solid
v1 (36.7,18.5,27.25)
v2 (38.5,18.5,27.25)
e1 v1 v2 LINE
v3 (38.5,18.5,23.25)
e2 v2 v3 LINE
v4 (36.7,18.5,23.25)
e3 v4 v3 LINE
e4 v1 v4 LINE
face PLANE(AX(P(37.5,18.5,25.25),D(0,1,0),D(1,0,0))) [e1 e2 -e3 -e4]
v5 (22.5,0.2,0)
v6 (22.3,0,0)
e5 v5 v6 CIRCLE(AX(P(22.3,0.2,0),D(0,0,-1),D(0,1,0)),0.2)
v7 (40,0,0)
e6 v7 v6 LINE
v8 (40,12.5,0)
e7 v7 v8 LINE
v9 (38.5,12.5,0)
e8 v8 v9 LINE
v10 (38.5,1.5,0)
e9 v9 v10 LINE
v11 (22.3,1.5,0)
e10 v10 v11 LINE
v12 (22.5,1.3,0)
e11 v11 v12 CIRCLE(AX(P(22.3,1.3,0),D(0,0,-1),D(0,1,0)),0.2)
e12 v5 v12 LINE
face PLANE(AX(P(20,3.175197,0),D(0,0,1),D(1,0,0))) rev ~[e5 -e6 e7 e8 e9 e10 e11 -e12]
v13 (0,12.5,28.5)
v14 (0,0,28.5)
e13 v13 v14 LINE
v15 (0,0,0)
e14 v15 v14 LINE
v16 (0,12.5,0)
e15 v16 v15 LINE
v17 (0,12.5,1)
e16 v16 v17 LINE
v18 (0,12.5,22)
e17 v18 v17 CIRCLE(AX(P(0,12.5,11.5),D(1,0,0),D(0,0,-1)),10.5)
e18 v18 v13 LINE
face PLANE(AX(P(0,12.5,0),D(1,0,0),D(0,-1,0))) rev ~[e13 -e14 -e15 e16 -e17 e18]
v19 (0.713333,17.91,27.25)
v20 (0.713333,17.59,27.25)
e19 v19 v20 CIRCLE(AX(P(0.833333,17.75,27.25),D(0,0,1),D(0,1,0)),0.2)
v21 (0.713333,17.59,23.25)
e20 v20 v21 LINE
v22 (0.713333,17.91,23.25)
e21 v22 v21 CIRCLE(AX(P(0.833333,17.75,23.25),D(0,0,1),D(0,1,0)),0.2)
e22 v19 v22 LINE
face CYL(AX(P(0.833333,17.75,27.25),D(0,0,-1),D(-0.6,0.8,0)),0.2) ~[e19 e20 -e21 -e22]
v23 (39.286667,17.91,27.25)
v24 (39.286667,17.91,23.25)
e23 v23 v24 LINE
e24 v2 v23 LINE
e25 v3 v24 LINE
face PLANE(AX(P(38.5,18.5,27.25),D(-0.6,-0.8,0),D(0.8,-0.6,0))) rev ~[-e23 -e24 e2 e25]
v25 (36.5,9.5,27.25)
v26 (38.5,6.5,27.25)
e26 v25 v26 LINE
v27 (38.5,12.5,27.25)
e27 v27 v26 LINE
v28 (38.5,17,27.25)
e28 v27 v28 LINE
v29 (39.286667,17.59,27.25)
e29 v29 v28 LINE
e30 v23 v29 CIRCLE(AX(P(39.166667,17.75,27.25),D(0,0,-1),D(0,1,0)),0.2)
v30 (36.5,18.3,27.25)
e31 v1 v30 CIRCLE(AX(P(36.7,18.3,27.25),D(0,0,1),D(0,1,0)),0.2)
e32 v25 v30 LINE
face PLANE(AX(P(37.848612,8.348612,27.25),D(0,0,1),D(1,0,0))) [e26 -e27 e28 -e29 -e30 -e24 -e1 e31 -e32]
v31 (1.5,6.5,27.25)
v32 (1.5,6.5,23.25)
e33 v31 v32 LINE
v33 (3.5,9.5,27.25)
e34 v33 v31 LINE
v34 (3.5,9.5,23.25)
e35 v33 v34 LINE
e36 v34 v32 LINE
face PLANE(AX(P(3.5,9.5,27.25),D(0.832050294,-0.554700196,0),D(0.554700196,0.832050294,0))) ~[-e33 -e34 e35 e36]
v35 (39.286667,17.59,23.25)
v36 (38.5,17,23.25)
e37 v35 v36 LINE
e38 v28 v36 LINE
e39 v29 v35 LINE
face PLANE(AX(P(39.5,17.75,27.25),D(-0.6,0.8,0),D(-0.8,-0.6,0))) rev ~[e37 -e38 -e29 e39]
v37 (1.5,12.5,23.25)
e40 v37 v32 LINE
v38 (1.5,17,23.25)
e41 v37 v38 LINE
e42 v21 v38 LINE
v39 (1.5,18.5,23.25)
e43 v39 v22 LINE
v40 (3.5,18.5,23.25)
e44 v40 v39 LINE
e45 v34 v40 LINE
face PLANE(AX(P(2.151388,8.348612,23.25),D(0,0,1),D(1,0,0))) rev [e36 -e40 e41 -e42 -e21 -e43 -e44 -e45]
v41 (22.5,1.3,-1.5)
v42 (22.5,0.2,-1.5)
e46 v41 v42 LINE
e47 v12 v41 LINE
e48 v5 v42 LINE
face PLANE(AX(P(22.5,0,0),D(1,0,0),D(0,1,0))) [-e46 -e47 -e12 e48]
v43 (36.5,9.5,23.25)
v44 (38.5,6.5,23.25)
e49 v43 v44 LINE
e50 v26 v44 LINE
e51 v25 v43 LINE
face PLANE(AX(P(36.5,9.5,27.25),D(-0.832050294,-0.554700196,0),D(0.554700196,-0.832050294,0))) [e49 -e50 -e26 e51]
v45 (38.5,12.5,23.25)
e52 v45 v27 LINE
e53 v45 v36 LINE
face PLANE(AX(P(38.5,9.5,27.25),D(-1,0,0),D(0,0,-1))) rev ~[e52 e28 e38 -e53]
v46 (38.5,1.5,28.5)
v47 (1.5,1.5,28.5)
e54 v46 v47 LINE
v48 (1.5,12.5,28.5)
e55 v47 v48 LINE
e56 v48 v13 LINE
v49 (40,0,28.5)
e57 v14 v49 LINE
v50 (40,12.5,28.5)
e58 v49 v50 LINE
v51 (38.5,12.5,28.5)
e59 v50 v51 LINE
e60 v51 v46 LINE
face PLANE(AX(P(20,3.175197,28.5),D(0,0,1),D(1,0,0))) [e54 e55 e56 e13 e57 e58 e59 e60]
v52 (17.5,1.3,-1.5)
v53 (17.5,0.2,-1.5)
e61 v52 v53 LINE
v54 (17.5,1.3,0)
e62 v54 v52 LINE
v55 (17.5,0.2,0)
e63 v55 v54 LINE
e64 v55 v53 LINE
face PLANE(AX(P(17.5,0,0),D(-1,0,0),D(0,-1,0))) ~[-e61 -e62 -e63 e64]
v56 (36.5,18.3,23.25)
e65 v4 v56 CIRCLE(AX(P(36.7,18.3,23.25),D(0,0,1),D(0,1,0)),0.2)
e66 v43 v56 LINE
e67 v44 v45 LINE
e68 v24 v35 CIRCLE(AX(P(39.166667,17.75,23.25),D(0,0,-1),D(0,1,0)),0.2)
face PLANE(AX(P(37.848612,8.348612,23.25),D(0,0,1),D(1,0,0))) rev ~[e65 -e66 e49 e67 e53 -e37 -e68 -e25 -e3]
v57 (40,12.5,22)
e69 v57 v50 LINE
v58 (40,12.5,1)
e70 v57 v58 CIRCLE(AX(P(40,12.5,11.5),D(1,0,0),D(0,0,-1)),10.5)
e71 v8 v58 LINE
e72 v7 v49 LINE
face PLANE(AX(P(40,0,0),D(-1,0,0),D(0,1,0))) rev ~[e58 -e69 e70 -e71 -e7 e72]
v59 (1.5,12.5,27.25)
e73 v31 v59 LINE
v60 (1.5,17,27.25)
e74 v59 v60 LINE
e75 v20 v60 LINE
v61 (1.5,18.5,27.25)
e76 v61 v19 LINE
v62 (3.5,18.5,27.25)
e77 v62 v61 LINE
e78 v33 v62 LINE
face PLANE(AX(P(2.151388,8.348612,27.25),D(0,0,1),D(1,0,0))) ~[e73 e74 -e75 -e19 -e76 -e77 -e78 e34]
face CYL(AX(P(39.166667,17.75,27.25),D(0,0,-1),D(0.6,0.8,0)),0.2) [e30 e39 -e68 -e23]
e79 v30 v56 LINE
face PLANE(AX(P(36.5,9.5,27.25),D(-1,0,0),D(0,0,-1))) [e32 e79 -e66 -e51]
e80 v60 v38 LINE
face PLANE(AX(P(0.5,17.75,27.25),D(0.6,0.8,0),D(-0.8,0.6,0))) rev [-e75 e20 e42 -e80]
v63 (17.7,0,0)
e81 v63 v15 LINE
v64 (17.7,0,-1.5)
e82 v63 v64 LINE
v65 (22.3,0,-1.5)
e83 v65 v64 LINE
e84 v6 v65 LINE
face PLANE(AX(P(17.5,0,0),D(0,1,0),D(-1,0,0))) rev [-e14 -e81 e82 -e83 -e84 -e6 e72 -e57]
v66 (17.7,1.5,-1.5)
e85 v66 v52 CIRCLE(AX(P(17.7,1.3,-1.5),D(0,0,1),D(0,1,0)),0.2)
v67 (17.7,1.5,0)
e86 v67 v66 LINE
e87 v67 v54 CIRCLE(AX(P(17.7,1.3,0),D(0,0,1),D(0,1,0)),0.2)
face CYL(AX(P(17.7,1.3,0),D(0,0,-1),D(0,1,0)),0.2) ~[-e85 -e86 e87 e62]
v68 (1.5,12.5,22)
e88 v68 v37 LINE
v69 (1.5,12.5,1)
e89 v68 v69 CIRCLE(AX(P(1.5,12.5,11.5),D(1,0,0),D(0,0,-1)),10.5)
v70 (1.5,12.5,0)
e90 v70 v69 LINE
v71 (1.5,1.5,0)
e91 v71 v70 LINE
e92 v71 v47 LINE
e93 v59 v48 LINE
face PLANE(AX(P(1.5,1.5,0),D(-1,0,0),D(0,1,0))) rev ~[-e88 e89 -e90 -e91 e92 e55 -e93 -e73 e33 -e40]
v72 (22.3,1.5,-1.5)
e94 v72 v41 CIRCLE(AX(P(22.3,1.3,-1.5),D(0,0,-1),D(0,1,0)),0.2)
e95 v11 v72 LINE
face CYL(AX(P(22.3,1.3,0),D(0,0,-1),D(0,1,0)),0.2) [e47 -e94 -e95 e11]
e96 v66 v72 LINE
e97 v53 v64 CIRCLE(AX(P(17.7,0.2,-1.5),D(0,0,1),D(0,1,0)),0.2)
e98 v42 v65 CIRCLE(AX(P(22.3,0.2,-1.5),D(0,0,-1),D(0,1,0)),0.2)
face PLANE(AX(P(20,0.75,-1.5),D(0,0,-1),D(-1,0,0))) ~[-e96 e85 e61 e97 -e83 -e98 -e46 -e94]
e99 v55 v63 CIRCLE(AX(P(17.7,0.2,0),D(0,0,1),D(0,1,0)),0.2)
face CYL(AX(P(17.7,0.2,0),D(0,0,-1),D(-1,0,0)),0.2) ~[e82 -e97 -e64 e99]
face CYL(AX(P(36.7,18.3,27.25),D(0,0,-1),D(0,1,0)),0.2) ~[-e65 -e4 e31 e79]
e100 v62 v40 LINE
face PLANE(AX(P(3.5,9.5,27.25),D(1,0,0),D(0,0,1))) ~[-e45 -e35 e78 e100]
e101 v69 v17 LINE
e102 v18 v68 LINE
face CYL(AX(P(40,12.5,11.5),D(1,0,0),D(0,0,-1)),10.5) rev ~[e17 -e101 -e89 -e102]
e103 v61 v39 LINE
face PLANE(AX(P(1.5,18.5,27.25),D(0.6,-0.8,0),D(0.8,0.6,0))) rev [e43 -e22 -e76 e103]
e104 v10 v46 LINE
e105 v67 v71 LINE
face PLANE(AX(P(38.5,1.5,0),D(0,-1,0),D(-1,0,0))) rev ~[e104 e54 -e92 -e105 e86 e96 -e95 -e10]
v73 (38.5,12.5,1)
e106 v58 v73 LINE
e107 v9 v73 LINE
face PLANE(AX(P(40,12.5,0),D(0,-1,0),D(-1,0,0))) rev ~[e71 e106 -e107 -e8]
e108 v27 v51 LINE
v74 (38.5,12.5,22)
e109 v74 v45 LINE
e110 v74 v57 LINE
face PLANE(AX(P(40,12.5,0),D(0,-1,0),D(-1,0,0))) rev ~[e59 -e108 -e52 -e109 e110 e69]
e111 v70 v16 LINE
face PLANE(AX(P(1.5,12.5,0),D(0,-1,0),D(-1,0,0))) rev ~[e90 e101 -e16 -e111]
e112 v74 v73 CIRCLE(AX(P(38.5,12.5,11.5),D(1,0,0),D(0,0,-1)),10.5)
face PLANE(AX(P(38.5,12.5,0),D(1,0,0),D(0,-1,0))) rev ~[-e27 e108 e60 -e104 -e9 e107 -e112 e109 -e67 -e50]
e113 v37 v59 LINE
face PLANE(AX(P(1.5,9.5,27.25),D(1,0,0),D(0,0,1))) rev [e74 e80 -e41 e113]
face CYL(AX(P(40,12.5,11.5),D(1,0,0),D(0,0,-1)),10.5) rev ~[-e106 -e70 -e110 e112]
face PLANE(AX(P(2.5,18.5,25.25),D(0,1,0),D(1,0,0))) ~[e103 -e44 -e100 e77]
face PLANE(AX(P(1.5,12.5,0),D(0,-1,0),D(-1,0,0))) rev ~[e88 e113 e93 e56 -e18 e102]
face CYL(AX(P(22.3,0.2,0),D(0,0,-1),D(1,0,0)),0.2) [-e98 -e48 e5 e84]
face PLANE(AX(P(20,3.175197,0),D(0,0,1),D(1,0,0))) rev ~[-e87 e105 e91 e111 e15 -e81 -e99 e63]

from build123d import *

# Parameters (mm, degrees)
EXTRUDE_1_DEPTH        = 28.5
SKETCH_2_R             = 10.5
CUT_EXTRUDE_1_DEPTH    = 87
SKETCH_3_W             = 5
SKETCH_3_H             = 1.5
EXTRUDE_2_DEPTH        = 1.5
FILLET_1_R             = 0.2
EXTRUDE_START          = -3
SKETCH_4_W             = 2
SKETCH_4_H             = 4
EXTRUDE_3_DEPTH        = 9
EXTRUDE_4_DEPTH        = 4
FILLET_2_R             = 0.2
FILLET_1_OF_MIRROR_1_R = 0.2
FILLET_2_OF_MIRROR_1_R = 0.2
FILLET_3_R             = 0.2


with BuildPart() as part:
    # 草图1 → 凸台-拉伸1 (new body)
    with BuildSketch(Plane.XY):
        Polygon((0, 0), (40, 0), (40, 12.5), (38.5, 12.5), (38.5, 1.5), (1.5, 1.5), (1.5, 12.5), (0, 12.5), align=None)
    extrude(amount=EXTRUDE_1_DEPTH)

    # 草图2 → 切除-拉伸1 (cut)
    with BuildSketch(Plane(origin=(40, 0, 0), x_dir=(0, 0, -1), z_dir=(1, 0, 0))):
        with Locations((-11.5, 12.5)):
            Circle(SKETCH_2_R)
    extrude(amount=-CUT_EXTRUDE_1_DEPTH, mode=Mode.SUBTRACT)

    # 草图3 → 凸台-拉伸2 (add)
    with BuildSketch(Plane(origin=(0, 0, 0), x_dir=(-1, 0, 0), z_dir=(0, 0, -1))):
        with Locations((-20, 0.75)):
            Rectangle(SKETCH_3_W, SKETCH_3_H)
    extrude_2 = extrude(amount=EXTRUDE_2_DEPTH)

    # 圆角1
    fillet_1_edges = [part.edges().sort_by_distance(p)[0] for p in [
        (17.5, 0, -0.75),
        (17.5, 1.5, -0.75),
        (22.5, 1.5, -0.75),
        (22.5, 0, -0.75),
    ]]
    fillet(fillet_1_edges, radius=FILLET_1_R)

    # 草图4 → 凸台-拉伸3 (add)
    with BuildSketch(Plane(origin=(0, 12.5, 0), x_dir=(1, 0, 0), z_dir=(0, 1, 0)).offset(EXTRUDE_START)):
        with Locations((37.5, -25.25)):
            Rectangle(SKETCH_4_W, SKETCH_4_H)
    extrude_3 = extrude(amount=EXTRUDE_3_DEPTH)

    # 草图5 → 凸台-拉伸4 (add)
    with BuildSketch(Plane.XY.offset(27.25)):
        Polygon((36.5, 9.5), (38.5, 6.5), (38.5, 9.5), align=None)
        Polygon((38.5, 18.5), (39.5, 17.75), (38.5, 17), align=None)
    extrude_4 = extrude(amount=-EXTRUDE_4_DEPTH)

    # 圆角2
    fillet_2_edges = [part.edges().sort_by_distance(p)[0] for p in [
        (39.5, 17.75, 25.25),
    ]]
    fillet(fillet_2_edges, radius=FILLET_2_R)

    # 镜向1: 凸台-拉伸2, 凸台-拉伸3, 凸台-拉伸4 across plane
    add(extrude_2.mirror(Plane(origin=(20, 0, 0), x_dir=(0, 0, 1), z_dir=(1, 0, 0))))
    add(extrude_3.mirror(Plane(origin=(20, 0, 0), x_dir=(0, 0, 1), z_dir=(1, 0, 0))))
    add(extrude_4.mirror(Plane(origin=(20, 0, 0), x_dir=(0, 0, 1), z_dir=(1, 0, 0))))

    # 圆角1 of 镜向1
    fillet_1_of_mirror_1_edges = [part.edges().sort_by_distance(p)[0] for p in [
        (22.5, 0, -0.75),
        (22.5, 1.5, -0.75),
        (17.5, 1.5, -0.75),
        (17.5, 0, -0.75),
    ]]
    fillet(fillet_1_of_mirror_1_edges, radius=FILLET_1_OF_MIRROR_1_R)

    # 圆角2 of 镜向1
    fillet_2_of_mirror_1_edges = [part.edges().sort_by_distance(p)[0] for p in [
        (0.5, 17.75, 25.25),
    ]]
    fillet(fillet_2_of_mirror_1_edges, radius=FILLET_2_OF_MIRROR_1_R)

    # 圆角3
    fillet_3_edges = [part.edges().sort_by_distance(p)[0] for p in [
        (36.5, 18.5, 25.25),
    ]]
    fillet(fillet_3_edges, radius=FILLET_3_R)


solid = part.part
